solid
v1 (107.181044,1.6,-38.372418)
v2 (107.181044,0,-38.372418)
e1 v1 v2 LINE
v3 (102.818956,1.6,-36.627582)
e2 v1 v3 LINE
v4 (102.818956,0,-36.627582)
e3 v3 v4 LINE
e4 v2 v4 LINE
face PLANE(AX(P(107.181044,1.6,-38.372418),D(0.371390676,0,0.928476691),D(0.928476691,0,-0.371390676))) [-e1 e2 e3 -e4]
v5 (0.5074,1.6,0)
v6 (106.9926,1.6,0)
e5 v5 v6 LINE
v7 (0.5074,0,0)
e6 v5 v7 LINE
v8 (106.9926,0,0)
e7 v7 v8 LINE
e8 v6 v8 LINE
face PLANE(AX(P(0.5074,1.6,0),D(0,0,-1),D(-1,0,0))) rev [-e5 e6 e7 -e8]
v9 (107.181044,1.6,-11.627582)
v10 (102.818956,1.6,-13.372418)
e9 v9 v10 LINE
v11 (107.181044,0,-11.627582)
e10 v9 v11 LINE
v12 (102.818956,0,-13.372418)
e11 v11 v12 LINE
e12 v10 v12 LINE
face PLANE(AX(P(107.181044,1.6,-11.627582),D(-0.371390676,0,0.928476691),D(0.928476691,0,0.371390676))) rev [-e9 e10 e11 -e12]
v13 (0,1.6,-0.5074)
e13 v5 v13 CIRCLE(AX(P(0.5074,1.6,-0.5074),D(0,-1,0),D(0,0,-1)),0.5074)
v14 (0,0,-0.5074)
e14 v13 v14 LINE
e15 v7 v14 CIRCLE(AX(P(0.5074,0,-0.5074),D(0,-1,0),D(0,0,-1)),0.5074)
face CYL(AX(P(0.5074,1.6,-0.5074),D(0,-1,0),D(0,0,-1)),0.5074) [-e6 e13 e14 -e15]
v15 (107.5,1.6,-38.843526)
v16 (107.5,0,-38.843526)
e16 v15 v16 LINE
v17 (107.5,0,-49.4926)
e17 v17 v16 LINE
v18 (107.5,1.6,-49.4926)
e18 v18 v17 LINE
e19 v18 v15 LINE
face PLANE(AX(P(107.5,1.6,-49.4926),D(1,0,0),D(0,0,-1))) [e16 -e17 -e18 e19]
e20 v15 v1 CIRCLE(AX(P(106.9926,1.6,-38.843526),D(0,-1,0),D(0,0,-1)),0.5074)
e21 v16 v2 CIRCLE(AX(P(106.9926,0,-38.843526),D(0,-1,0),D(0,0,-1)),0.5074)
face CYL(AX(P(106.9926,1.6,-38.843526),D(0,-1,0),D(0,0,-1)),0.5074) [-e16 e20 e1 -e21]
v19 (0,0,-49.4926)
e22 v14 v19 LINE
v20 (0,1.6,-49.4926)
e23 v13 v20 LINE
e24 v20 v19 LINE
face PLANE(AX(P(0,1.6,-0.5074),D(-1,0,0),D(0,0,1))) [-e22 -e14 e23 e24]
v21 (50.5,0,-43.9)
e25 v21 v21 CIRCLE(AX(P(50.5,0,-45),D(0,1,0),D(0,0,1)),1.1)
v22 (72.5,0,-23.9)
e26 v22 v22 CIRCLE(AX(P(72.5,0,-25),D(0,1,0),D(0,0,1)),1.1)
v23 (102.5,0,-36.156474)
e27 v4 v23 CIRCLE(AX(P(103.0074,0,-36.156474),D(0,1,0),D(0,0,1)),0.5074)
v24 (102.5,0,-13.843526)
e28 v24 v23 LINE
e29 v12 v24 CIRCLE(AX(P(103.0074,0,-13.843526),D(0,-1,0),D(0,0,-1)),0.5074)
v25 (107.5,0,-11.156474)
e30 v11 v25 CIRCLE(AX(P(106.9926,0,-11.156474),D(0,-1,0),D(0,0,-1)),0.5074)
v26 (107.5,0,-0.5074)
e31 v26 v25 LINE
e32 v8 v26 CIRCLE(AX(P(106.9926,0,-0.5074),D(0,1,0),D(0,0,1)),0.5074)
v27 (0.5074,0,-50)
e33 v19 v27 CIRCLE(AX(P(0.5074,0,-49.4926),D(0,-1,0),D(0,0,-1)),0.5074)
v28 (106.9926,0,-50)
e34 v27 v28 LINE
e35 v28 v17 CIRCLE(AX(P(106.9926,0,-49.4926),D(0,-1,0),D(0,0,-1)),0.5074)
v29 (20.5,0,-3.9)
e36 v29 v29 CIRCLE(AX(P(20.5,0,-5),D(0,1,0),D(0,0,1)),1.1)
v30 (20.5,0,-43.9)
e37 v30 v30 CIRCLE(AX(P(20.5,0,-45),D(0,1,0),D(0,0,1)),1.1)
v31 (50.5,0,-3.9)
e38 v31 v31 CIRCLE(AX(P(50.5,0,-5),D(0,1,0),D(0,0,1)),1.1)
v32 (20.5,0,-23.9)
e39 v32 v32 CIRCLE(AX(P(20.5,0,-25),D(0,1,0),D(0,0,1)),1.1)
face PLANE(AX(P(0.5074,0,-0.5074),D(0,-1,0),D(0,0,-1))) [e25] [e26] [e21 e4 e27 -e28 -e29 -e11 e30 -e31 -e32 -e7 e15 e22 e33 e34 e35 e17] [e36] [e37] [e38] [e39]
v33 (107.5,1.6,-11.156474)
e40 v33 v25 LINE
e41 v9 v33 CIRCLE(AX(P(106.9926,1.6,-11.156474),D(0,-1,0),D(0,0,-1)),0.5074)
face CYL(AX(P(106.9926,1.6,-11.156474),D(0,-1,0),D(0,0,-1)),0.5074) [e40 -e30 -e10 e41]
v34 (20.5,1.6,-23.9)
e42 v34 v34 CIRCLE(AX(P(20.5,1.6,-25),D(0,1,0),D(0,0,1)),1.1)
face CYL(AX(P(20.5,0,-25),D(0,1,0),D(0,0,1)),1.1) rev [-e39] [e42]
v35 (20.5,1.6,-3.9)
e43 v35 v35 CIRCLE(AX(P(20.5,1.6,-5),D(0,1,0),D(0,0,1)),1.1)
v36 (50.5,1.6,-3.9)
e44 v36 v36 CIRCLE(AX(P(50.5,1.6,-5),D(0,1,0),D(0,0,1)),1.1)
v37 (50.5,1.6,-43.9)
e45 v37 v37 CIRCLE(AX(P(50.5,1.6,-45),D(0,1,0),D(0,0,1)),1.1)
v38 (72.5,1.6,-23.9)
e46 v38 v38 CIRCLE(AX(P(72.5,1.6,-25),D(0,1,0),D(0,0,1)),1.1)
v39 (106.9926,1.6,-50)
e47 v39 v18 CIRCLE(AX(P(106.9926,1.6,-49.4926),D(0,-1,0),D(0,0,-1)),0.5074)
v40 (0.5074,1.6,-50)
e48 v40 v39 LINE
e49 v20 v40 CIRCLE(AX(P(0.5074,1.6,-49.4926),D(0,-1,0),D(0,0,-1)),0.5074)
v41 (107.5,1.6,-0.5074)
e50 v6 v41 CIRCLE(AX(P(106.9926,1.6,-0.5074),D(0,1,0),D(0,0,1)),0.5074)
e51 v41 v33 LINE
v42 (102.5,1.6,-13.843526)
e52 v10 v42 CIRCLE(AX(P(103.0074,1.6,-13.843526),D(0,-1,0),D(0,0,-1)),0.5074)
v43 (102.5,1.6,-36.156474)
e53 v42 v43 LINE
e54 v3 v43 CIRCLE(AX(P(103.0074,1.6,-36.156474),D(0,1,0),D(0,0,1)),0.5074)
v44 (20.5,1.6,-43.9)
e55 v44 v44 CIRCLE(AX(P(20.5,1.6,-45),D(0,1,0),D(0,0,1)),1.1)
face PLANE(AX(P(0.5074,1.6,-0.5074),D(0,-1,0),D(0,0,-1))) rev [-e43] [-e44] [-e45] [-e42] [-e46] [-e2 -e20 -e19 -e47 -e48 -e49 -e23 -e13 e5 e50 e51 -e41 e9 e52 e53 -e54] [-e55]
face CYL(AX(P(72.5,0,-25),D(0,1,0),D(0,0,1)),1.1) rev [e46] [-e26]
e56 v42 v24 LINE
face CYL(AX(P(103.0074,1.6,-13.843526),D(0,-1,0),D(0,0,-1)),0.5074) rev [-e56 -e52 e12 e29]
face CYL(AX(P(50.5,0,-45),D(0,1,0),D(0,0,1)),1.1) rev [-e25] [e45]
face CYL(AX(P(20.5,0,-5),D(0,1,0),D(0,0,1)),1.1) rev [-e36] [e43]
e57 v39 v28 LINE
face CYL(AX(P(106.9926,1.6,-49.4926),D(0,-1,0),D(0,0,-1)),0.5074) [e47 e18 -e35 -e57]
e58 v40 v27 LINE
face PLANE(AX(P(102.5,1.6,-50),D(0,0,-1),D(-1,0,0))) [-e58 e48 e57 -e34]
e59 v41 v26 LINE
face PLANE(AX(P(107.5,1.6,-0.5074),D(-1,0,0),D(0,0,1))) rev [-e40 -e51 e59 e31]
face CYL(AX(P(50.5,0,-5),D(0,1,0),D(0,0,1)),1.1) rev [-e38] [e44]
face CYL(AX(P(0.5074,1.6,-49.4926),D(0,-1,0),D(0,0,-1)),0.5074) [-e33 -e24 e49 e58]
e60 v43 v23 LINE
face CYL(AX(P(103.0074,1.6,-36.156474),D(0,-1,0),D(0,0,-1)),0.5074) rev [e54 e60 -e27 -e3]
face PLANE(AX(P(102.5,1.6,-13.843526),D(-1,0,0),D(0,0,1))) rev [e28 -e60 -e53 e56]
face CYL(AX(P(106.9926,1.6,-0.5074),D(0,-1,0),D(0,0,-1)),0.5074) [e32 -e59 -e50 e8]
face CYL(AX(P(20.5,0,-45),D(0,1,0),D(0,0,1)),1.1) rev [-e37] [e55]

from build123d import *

# Parameters (mm, degrees)
BOSS_EXTRUDE1_DEPTH = 1.6
SKETCH2_R           = 1.1
CUT_EXTRUDE1_DEPTH  = 119.569852829


with BuildPart() as part:
    # Sketch1 → Boss-Extrude1 (new body)
    with BuildSketch(Plane(origin=(0, 0, 0), x_dir=(1, 0, 0), z_dir=(0, 1, 0))):
        with BuildLine():
            Line((102.5, 50), (106.992600234, 50))
            ThreePointArc((106.992600234, 50), (107.351386049, 49.851386049), (107.5, 49.492600234))
            Line((107.5, 49.492600234), (107.5, 38.843526366))
            ThreePointArc((107.5, 38.843526366), (107.412761353, 38.55906344), (107.181043776, 38.372417511))
            Line((107.181043776, 38.372417511), (102.818956224, 36.627582489))
            ThreePointArc((102.818956224, 36.627582489), (102.587238647, 36.44093656), (102.5, 36.156473634))
            Line((102.5, 36.156473634), (102.5, 13.843526366))
            ThreePointArc((102.5, 13.843526366), (102.587238647, 13.55906344), (102.818956224, 13.372417511))
            Line((102.818956224, 13.372417511), (107.181043776, 11.627582489))
            ThreePointArc((107.181043776, 11.627582489), (107.412761353, 11.44093656), (107.5, 11.156473634))
            Line((107.5, 11.156473634), (107.5, 0.507399766))
            ThreePointArc((107.5, 0.507399766), (107.351386049, 0.148613951), (106.992600234, 0))
            Line((106.992600234, 0), (102.5, 0))
            Line((102.5, 0), (0.507399766, 0))
            ThreePointArc((0.507399766, 0), (0.148613951, 0.148613951), (0, 0.507399766))
            Line((0, 0.507399766), (0, 49.492600234))
            ThreePointArc((0, 49.492600234), (0.148613951, 49.851386049), (0.507399766, 50))
            Line((0.507399766, 50), (102.5, 50))
        make_face()
    extrude(amount=BOSS_EXTRUDE1_DEPTH)

    # Sketch2 → Cut-Extrude1 (cut, through all)
    with BuildSketch(Plane(origin=(0, 1.6, 0), x_dir=(1, 0, 0), z_dir=(0, 1, 0))):
        with Locations(Location((20.5, 5, 0), (0, 0, 270))):
            Circle(SKETCH2_R)
        with Locations(Location((20.5, 25, 0), (0, 0, 270))):
            Circle(SKETCH2_R)
        with Locations(Location((20.5, 45, 0), (0, 0, 270))):
            Circle(SKETCH2_R)
        with Locations(Location((50.5, 45, 0), (0, 0, 270))):
            Circle(SKETCH2_R)
        with Locations(Location((50.5, 5, 0), (0, 0, 270))):
            Circle(SKETCH2_R)
        with Locations(Location((72.5, 25, 0), (0, 0, 270))):
            Circle(SKETCH2_R)
    extrude(amount=-CUT_EXTRUDE1_DEPTH, mode=Mode.SUBTRACT)


solid = part.part
